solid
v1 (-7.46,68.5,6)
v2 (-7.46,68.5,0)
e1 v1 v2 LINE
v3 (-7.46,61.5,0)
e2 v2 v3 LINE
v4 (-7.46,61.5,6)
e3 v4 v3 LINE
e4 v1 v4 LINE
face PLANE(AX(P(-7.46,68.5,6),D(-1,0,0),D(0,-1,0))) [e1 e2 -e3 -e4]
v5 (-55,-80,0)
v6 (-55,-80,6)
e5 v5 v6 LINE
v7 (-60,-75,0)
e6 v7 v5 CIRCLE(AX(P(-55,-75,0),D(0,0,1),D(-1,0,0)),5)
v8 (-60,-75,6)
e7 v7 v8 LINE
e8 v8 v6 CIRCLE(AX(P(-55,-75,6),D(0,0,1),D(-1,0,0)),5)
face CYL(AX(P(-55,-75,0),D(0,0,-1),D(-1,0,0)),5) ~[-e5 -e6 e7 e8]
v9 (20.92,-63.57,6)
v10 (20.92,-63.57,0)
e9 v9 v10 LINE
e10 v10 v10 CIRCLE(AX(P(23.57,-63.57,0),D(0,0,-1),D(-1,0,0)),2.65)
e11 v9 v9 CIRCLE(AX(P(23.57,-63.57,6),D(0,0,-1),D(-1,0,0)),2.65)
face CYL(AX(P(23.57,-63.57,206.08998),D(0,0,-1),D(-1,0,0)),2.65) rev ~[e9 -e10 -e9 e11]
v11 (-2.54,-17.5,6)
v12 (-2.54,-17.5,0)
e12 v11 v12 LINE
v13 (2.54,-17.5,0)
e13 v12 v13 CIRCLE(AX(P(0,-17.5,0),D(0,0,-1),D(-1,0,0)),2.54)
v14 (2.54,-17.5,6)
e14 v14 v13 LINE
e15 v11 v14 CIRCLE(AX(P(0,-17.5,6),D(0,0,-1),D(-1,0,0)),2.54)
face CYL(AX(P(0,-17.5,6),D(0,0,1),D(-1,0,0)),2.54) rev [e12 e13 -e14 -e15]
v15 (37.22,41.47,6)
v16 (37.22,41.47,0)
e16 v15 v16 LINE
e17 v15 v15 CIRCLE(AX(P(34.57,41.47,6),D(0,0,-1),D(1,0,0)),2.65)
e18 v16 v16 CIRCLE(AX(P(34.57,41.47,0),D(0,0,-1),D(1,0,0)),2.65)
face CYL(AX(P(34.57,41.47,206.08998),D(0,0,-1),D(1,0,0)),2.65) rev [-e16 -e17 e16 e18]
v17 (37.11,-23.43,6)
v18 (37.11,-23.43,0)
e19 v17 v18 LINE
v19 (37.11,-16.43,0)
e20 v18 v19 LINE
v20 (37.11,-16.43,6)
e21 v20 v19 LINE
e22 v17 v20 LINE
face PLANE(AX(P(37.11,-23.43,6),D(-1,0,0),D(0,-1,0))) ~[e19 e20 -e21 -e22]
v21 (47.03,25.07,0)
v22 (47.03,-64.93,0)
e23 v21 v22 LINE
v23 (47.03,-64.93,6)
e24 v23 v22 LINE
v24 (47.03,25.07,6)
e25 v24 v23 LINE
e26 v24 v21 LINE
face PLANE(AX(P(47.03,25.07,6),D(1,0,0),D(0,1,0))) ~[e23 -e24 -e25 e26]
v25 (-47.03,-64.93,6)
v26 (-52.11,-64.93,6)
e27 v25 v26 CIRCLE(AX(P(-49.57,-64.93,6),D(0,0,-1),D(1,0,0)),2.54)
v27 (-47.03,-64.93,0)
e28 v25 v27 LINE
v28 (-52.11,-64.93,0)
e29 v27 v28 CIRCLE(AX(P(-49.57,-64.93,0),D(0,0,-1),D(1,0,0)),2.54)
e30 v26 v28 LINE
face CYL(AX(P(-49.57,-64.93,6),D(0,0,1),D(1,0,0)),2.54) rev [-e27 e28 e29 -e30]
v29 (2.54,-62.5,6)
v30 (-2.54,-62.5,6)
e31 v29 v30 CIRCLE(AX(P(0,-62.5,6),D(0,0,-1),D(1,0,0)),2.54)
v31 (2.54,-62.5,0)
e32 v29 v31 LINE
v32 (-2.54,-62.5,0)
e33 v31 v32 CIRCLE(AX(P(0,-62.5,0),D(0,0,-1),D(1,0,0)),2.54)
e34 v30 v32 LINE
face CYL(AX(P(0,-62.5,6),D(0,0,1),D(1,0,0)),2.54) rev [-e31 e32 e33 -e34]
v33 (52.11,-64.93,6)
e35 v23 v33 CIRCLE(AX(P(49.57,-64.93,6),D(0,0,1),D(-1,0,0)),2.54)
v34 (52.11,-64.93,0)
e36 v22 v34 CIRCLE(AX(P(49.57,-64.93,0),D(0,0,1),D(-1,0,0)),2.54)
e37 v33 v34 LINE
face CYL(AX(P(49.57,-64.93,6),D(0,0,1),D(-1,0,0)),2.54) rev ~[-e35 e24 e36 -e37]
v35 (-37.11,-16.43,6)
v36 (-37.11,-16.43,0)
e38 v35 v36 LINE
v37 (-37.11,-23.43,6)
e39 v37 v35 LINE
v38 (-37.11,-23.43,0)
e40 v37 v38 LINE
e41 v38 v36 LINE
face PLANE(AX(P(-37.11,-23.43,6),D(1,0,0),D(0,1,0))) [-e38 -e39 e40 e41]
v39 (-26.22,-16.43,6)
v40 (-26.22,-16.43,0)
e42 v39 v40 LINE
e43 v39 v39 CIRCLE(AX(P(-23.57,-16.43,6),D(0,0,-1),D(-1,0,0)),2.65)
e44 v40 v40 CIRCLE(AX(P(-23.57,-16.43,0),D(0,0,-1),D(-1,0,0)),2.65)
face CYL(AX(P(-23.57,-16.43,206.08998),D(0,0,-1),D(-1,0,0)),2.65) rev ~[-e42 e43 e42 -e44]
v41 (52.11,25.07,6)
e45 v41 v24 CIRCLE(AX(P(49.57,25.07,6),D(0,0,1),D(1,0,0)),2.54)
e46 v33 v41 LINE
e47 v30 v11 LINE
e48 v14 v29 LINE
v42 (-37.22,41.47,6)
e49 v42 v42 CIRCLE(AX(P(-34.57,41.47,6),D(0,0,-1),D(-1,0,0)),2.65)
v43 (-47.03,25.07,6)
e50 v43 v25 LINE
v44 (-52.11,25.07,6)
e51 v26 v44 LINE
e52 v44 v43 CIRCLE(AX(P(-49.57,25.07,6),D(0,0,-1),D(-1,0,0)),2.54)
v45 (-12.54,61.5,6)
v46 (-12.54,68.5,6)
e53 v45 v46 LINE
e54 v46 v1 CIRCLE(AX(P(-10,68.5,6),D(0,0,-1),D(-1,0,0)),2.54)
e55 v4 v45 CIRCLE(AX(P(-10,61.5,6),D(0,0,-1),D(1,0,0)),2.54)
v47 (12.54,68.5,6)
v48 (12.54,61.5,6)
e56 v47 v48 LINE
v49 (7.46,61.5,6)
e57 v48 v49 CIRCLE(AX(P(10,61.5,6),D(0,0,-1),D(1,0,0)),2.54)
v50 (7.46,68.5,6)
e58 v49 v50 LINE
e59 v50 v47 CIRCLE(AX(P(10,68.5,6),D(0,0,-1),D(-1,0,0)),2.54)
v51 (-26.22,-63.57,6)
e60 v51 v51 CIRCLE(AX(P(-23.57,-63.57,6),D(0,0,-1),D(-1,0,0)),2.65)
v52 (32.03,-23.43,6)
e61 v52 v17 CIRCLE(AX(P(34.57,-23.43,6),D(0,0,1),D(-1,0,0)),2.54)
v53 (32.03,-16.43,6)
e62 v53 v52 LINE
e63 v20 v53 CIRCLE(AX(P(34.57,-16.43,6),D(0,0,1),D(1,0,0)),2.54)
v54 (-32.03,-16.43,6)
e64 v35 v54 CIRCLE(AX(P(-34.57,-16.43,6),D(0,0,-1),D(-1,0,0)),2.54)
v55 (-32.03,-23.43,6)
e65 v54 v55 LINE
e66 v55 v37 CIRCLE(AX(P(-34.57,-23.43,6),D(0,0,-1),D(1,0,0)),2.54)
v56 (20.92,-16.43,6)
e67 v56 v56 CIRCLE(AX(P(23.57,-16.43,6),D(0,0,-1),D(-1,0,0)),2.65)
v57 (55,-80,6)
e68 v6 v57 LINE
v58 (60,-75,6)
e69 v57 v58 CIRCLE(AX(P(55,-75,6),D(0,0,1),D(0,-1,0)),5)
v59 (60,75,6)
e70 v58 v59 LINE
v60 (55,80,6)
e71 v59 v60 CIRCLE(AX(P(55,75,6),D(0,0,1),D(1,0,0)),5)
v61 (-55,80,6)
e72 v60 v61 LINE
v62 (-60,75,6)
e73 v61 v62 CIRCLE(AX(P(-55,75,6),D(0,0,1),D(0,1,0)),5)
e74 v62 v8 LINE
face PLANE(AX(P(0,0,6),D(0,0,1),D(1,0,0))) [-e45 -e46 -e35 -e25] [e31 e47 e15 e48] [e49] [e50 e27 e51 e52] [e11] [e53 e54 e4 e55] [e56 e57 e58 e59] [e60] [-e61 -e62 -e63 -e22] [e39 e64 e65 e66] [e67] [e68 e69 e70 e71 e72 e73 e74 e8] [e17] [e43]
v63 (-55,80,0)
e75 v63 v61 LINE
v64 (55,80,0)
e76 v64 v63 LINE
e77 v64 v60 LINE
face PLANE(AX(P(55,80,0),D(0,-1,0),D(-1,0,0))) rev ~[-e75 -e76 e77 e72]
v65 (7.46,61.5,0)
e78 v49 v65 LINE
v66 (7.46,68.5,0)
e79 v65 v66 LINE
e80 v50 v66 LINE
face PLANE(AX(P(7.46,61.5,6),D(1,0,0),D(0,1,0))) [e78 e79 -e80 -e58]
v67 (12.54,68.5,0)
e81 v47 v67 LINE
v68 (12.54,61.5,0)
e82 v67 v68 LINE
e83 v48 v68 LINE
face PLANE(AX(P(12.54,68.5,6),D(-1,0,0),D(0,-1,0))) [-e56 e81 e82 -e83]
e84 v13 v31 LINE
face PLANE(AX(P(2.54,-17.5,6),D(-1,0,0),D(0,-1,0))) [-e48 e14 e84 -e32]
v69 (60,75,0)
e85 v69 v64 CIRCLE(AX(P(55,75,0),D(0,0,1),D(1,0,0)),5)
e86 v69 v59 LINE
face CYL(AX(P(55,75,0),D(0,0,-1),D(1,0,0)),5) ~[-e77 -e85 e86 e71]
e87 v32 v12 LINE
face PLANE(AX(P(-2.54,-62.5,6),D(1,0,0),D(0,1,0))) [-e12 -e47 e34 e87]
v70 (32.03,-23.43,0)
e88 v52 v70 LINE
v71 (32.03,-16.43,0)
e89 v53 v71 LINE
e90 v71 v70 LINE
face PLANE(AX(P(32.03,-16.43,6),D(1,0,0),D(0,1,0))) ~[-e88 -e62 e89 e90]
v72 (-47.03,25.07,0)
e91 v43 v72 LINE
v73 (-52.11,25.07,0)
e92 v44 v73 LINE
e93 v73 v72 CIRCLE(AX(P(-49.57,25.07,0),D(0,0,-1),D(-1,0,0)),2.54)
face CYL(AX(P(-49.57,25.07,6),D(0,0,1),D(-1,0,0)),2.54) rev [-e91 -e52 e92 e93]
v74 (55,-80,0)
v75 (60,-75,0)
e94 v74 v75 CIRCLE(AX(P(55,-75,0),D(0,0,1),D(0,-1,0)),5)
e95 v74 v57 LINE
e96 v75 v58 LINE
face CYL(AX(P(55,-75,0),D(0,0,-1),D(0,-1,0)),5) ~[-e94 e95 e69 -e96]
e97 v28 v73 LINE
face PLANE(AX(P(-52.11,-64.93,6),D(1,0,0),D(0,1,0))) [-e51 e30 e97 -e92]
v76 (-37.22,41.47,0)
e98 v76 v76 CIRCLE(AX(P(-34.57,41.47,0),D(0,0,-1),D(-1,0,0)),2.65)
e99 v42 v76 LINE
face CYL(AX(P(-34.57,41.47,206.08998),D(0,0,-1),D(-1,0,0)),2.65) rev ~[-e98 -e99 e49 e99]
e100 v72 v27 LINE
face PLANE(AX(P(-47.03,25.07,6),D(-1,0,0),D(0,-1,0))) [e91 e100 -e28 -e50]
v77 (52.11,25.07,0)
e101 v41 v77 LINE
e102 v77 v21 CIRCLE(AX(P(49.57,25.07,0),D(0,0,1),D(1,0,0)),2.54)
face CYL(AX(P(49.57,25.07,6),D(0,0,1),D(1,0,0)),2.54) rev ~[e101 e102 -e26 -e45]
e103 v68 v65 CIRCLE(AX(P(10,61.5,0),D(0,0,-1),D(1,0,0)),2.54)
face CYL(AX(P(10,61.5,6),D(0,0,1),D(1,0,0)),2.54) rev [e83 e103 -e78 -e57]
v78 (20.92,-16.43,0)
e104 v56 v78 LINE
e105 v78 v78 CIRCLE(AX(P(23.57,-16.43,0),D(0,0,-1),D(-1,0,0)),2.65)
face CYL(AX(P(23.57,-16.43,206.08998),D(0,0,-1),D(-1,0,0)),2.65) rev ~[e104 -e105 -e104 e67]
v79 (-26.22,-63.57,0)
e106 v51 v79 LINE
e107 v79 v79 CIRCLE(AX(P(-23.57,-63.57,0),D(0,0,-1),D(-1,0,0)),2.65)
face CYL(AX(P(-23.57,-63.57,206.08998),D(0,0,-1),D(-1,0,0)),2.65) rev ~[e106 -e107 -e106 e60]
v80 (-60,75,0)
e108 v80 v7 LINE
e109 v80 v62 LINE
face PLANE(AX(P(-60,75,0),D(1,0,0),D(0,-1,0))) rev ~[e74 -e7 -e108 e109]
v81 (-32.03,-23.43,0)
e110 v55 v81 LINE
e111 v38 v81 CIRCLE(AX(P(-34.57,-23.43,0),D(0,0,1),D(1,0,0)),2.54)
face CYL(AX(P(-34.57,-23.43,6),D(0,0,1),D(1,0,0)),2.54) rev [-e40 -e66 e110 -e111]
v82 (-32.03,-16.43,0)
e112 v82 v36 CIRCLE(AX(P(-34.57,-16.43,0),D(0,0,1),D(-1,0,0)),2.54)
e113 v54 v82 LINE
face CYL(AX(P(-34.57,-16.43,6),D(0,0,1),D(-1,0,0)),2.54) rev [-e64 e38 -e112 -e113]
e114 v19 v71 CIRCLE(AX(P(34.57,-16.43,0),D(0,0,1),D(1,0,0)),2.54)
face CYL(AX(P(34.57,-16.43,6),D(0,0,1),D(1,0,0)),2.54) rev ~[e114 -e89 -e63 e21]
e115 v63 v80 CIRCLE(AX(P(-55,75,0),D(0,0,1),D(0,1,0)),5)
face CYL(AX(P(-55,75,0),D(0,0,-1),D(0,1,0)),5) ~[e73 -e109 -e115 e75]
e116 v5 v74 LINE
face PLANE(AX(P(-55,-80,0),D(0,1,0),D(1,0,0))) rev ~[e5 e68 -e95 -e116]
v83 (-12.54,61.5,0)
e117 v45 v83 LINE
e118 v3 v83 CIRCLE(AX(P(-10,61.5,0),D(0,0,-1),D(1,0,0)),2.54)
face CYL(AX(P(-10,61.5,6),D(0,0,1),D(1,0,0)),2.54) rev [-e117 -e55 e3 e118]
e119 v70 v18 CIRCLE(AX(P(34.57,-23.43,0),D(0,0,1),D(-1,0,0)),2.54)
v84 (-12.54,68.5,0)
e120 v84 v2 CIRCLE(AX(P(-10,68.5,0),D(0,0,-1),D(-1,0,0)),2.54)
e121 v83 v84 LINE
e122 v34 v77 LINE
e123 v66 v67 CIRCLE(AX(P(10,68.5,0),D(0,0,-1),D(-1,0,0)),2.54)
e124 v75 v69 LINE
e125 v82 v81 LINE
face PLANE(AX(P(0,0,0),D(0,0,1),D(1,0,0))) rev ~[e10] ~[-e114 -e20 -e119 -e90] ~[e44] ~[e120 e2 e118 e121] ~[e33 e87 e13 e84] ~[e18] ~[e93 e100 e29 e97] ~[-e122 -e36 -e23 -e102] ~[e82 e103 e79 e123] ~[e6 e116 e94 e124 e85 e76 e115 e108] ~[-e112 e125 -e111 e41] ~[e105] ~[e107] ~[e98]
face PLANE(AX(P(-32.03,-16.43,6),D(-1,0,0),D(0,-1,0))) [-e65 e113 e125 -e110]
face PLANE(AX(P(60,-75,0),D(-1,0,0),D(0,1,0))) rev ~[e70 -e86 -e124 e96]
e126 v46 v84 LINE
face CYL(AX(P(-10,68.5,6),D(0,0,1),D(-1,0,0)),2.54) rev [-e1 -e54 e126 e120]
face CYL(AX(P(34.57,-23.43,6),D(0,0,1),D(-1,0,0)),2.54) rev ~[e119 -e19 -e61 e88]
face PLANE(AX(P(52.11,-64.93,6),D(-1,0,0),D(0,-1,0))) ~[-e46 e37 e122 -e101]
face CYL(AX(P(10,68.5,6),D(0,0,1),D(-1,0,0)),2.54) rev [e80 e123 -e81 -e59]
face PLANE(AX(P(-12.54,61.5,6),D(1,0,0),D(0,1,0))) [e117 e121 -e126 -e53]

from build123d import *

# Parameters (mm, degrees)
BOSS_EXTRUDE1_DEPTH  = 6
CUT_EXTRUDE1_DEPTH   = 6
M5_CLEARANCE_HOLE1_D = 5.3
CUT_EXTRUDE2_DEPTH   = 22
M5_CLEARANCE_HOLE2_D = 5.3
CUT_EXTRUDE3_DEPTH   = 6
CUT_EXTRUDE4_DEPTH   = 6


with BuildPart() as part:
    # Sketch2 → Boss-Extrude1 (new body)
    with BuildSketch(Plane.XY):
        with BuildLine():
            Line((-55, -80), (55, -80))
            ThreePointArc((55, -80), (58.535533906, -78.535533906), (60, -75))
            Line((60, -75), (60, 75))
            ThreePointArc((60, 75), (58.535533906, 78.535533906), (55, 80))
            Line((55, 80), (-55, 80))
            ThreePointArc((-55, 80), (-58.535533906, 78.535533906), (-60, 75))
            Line((-60, 75), (-60, -75))
            ThreePointArc((-60, -75), (-58.535533906, -78.535533906), (-55, -80))
        make_face()
    extrude(amount=BOSS_EXTRUDE1_DEPTH)

    # Sketch3 → Cut-Extrude1 (cut)
    with BuildSketch(Plane.XY.offset(6)):
        with BuildLine():
            Line((2.54, -17.5), (2.54, -62.5))
            ThreePointArc((2.54, -62.5), (0, -65.04), (-2.54, -62.5))
            Line((-2.54, -62.5), (-2.54, -17.5))
            ThreePointArc((-2.54, -17.5), (0, -14.96), (2.54, -17.5))
        make_face()
    extrude(amount=-CUT_EXTRUDE1_DEPTH, mode=Mode.SUBTRACT)

    # M5 Clearance Hole1 (through all)
    with Locations(Plane.XY.offset(6)):
        with Locations((-23.57, -63.57), (-23.57, -16.43), (23.57, -16.43), (23.57, -63.57)):
            Hole(M5_CLEARANCE_HOLE1_D / 2)

    # Sketch6 → Cut-Extrude2 (cut)
    with BuildSketch(Plane.XY.offset(6)):
        with BuildLine():
            Line((-32.03, -16.43), (-32.03, -23.43))
            ThreePointArc((-32.03, -23.43), (-34.57, -25.97), (-37.11, -23.43))
            Line((-37.11, -23.43), (-37.11, -16.43))
            ThreePointArc((-37.11, -16.43), (-34.57, -13.89), (-32.03, -16.43))
        make_face()
    cut_extrude2 = extrude(amount=-CUT_EXTRUDE2_DEPTH, mode=Mode.SUBTRACT)

    # M5 Clearance Hole2 (through all)
    with Locations(Plane.XY.offset(6)):
        with Locations((-34.57, 41.47)):
            m5_clearance_hole2 = Hole(M5_CLEARANCE_HOLE2_D / 2)

    # Sketch9 → Cut-Extrude3 (cut)
    with BuildSketch(Plane.XY.offset(6)):
        with BuildLine():
            Line((-47.03, 25.07), (-47.03, -64.93))
            ThreePointArc((-47.03, -64.93), (-49.57, -67.47), (-52.11, -64.93))
            Line((-52.11, -64.93), (-52.11, 25.07))
            ThreePointArc((-52.11, 25.07), (-49.57, 27.61), (-47.03, 25.07))
        make_face()
    cut_extrude3 = extrude(amount=-CUT_EXTRUDE3_DEPTH, mode=Mode.SUBTRACT)

    # Mirror2: Cut-Extrude2, M5 Clearance Hole2, Cut-Extrude3 across plane
    add(cut_extrude2.mirror(Plane(origin=(0, 0, 0), x_dir=(0, 0, 1), z_dir=(1, 0, 0))), mode=Mode.SUBTRACT)
    add(m5_clearance_hole2.mirror(Plane(origin=(0, 0, 0), x_dir=(0, 0, 1), z_dir=(1, 0, 0))), mode=Mode.SUBTRACT)
    add(cut_extrude3.mirror(Plane(origin=(0, 0, 0), x_dir=(0, 0, 1), z_dir=(1, 0, 0))), mode=Mode.SUBTRACT)

    # Sketch11 → Cut-Extrude4 (cut)
    with BuildSketch(Plane.XY.offset(6)):
        with BuildLine():
            Line((-7.46, 68.5), (-7.46, 61.5))
            ThreePointArc((-7.46, 61.5), (-10, 58.96), (-12.54, 61.5))
            Line((-12.54, 61.5), (-12.54, 68.5))
            ThreePointArc((-12.54, 68.5), (-10, 71.04), (-7.46, 68.5))
        make_face()
        with BuildLine():
            Line((12.54, 68.5), (12.54, 61.5))
            ThreePointArc((12.54, 61.5), (10, 58.96), (7.46, 61.5))
            Line((7.46, 61.5), (7.46, 68.5))
            ThreePointArc((7.46, 68.5), (10, 71.04), (12.54, 68.5))
        make_face()
    extrude(amount=-CUT_EXTRUDE4_DEPTH, mode=Mode.SUBTRACT)


solid = part.part
